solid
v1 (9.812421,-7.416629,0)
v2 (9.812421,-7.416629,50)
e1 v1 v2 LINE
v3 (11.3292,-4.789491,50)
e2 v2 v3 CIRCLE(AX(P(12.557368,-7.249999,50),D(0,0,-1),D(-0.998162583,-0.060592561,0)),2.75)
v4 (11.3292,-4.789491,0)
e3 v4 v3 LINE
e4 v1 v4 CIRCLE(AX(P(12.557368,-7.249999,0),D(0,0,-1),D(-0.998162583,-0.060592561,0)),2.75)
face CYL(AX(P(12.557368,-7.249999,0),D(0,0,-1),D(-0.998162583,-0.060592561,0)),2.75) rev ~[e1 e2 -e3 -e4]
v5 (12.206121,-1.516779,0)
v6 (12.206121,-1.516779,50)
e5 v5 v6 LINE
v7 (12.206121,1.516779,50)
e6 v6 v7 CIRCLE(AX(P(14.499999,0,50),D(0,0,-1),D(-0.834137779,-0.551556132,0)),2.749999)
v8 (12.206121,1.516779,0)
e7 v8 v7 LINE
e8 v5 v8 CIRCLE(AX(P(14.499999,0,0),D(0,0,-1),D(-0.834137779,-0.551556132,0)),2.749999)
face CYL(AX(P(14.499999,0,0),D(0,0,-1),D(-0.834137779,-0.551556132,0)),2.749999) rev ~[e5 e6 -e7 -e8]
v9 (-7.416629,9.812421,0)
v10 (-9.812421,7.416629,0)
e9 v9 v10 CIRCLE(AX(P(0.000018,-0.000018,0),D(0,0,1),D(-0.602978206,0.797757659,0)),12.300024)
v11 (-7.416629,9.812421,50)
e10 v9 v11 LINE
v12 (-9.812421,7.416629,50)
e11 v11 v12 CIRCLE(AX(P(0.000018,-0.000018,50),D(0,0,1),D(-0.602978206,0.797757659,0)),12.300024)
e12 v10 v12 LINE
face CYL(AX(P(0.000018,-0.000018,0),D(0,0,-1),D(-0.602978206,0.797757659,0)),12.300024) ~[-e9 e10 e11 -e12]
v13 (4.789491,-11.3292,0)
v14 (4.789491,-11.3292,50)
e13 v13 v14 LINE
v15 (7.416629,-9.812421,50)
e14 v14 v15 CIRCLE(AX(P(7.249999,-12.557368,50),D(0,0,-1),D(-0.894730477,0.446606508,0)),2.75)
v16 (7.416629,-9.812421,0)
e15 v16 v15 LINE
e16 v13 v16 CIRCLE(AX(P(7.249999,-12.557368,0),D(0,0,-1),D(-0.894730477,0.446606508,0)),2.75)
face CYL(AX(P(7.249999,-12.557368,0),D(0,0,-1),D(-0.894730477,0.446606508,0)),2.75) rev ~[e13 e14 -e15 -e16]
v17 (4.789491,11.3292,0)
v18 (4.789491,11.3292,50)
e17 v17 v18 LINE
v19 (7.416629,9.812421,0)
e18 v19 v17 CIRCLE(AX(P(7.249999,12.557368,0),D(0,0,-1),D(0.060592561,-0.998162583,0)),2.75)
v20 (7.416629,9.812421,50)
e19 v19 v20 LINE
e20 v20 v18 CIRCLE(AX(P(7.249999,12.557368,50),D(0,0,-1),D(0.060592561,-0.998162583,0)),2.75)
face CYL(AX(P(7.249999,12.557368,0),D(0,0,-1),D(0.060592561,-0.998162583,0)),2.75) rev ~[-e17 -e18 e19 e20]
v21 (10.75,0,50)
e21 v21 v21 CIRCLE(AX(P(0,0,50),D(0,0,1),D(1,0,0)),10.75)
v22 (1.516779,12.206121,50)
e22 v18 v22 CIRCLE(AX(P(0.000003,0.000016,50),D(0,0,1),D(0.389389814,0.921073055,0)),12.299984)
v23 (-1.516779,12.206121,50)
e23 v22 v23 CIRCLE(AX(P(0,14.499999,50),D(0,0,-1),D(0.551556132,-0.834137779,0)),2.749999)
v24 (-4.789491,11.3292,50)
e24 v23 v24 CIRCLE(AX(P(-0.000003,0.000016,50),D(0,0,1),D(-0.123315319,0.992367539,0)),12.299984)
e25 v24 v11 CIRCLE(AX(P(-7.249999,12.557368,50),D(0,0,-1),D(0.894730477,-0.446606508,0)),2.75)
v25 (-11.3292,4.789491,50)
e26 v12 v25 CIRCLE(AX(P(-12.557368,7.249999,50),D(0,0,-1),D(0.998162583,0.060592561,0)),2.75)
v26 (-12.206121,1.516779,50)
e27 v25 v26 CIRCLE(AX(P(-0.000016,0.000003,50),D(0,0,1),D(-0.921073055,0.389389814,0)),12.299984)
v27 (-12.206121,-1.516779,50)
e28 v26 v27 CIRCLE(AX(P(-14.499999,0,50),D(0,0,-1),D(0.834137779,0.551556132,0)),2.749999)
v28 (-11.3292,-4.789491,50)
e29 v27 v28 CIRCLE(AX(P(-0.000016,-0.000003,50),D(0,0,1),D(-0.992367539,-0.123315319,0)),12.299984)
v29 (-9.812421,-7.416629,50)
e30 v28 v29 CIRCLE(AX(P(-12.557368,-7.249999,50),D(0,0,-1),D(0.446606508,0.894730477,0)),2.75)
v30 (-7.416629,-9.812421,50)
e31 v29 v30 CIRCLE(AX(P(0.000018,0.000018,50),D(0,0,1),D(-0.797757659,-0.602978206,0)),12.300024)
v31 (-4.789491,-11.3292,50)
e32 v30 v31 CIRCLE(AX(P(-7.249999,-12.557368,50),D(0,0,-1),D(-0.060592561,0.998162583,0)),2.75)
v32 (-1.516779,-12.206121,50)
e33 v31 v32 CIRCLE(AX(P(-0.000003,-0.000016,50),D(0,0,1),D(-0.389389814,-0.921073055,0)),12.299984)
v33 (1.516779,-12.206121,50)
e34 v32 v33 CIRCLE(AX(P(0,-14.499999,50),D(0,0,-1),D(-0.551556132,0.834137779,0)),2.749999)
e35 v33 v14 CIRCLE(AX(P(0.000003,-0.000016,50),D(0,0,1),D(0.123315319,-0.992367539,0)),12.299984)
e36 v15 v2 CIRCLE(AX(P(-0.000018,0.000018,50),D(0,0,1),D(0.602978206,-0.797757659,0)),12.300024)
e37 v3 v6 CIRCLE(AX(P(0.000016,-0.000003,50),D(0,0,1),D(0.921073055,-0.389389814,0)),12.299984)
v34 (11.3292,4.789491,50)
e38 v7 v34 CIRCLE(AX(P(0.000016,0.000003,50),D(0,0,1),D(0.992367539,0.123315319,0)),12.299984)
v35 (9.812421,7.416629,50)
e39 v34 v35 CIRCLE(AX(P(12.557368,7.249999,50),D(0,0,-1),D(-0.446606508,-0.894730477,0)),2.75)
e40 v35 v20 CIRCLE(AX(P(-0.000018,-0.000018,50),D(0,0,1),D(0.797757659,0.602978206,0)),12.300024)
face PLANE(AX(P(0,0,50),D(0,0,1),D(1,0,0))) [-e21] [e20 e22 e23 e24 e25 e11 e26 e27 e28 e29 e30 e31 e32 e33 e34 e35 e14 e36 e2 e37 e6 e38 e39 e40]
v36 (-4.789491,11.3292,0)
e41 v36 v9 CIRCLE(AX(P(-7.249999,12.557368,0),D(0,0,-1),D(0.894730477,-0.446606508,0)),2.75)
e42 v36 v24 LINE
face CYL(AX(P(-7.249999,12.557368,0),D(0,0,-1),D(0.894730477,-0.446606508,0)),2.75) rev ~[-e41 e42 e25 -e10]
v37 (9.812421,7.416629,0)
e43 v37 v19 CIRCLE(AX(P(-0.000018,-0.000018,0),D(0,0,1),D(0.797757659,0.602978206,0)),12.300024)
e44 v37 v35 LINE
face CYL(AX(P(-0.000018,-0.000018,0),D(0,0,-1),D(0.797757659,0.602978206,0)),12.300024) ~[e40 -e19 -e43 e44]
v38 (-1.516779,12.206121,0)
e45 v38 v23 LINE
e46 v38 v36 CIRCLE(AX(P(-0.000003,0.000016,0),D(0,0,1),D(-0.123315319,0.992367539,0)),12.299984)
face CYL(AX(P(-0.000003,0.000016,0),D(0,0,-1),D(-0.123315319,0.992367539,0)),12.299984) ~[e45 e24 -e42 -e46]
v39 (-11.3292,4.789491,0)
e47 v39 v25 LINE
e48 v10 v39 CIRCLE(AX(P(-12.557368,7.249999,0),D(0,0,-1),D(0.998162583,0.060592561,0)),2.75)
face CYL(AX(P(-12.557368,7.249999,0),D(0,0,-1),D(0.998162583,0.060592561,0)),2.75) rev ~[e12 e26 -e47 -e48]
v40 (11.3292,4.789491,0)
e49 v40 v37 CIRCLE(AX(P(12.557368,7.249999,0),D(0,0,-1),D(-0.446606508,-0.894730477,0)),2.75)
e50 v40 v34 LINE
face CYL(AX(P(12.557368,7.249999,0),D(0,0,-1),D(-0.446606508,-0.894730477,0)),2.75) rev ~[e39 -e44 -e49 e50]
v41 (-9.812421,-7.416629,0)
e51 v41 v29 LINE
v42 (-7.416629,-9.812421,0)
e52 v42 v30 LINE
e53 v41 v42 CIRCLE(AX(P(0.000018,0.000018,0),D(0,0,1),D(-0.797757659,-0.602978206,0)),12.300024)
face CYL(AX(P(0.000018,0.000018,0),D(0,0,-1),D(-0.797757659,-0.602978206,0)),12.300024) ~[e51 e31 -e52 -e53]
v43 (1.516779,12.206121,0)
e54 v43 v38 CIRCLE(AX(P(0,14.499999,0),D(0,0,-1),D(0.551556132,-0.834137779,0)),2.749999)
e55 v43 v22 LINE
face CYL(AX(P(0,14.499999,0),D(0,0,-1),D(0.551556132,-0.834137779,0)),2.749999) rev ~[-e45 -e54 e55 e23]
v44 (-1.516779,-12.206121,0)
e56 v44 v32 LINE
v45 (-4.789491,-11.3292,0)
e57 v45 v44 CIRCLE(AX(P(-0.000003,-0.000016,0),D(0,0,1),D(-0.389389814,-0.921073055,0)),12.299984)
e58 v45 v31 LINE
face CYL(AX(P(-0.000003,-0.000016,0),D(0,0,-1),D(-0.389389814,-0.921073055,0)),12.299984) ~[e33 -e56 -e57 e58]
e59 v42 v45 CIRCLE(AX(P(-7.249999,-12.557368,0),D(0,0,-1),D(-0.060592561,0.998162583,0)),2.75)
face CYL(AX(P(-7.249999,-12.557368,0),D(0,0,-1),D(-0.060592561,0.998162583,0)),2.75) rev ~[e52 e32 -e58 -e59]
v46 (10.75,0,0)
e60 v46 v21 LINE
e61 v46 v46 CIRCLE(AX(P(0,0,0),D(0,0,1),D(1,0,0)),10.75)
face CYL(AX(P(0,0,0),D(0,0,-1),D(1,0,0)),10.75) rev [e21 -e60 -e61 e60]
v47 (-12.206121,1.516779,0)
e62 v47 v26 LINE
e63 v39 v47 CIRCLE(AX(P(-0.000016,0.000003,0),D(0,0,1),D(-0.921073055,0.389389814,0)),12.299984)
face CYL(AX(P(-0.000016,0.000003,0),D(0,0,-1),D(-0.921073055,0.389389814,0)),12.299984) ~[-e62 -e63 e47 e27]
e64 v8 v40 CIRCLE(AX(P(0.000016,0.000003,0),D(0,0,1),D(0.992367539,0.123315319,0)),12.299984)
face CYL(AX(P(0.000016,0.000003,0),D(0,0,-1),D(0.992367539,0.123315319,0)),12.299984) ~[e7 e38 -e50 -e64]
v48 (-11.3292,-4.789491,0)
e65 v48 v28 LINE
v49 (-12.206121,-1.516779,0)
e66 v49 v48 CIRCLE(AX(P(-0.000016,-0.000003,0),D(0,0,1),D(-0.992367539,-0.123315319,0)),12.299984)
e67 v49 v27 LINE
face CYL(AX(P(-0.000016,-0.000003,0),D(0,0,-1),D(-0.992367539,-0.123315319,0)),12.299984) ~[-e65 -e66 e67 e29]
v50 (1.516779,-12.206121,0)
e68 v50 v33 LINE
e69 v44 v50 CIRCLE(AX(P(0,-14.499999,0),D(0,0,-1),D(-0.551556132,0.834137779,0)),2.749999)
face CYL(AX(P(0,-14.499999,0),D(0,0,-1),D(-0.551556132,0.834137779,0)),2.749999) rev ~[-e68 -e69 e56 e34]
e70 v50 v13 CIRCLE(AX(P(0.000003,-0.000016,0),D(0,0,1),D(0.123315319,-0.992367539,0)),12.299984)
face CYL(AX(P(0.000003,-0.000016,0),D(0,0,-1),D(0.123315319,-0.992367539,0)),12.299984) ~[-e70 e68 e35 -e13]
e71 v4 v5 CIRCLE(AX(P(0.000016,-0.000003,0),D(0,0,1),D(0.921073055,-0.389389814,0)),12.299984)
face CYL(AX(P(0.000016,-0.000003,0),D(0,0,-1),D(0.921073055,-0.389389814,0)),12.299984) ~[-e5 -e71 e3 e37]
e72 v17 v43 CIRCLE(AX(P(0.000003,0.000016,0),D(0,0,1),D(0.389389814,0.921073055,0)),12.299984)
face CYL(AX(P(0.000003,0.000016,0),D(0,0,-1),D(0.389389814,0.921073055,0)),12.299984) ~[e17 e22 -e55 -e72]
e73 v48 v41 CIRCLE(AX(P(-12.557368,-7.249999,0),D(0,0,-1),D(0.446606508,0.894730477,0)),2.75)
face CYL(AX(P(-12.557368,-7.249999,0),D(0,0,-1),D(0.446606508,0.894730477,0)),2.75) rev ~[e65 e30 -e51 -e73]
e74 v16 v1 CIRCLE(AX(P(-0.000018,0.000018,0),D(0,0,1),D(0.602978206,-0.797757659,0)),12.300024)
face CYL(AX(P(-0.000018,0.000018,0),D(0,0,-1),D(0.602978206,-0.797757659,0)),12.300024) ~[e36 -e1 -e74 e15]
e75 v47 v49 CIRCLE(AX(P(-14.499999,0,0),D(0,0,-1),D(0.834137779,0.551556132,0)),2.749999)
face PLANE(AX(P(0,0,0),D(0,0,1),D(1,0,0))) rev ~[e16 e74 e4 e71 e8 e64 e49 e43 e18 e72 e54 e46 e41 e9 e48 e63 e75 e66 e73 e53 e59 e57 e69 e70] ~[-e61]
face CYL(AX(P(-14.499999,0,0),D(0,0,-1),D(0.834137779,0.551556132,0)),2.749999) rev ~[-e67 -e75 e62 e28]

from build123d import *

# Parameters (mm, degrees)
F0_R     = 10.75
F1_DEPTH = 50


with BuildPart() as f1:
    # F0 (on Top) → F1 (new body)
    with BuildSketch(Plane.XY):
        with BuildLine():
            ThreePointArc((1.516779, 12.206121), (0, 11.75), (-1.516779, 12.206121))
            ThreePointArc((-1.516779, 12.206121), (-3.183474, 11.880888), (-4.789491, 11.3292))
            ThreePointArc((-4.789491, 11.3292), (-5.875, 10.175798), (-7.416629, 9.812421))
            ThreePointArc((-7.416629, 9.812421), (-8.697413, 8.697413), (-9.812421, 7.416629))
            ThreePointArc((-9.812421, 7.416629), (-10.175798, 5.875), (-11.3292, 4.789491))
            ThreePointArc((-11.3292, 4.789491), (-11.880888, 3.183474), (-12.206121, 1.516779))
            ThreePointArc((-12.206121, 1.516779), (-11.75, 0), (-12.206121, -1.516779))
            ThreePointArc((-12.206121, -1.516779), (-11.880888, -3.183474), (-11.3292, -4.789491))
            ThreePointArc((-11.3292, -4.789491), (-10.175798, -5.875), (-9.812421, -7.416629))
            ThreePointArc((-9.812421, -7.416629), (-8.697413, -8.697413), (-7.416629, -9.812421))
            ThreePointArc((-7.416629, -9.812421), (-5.875, -10.175798), (-4.789491, -11.3292))
            ThreePointArc((-4.789491, -11.3292), (-3.183474, -11.880888), (-1.516779, -12.206121))
            ThreePointArc((-1.516779, -12.206121), (0, -11.75), (1.516779, -12.206121))
            ThreePointArc((1.516779, -12.206121), (3.183474, -11.880888), (4.789491, -11.3292))
            ThreePointArc((4.789491, -11.3292), (5.875, -10.175798), (7.416629, -9.812421))
            ThreePointArc((7.416629, -9.812421), (8.697413, -8.697413), (9.812421, -7.416629))
            ThreePointArc((9.812421, -7.416629), (10.175798, -5.875), (11.3292, -4.789491))
            ThreePointArc((11.3292, -4.789491), (11.880888, -3.183474), (12.206121, -1.516779))
            ThreePointArc((12.206121, -1.516779), (11.75, 0), (12.206121, 1.516779))
            ThreePointArc((12.206121, 1.516779), (11.880888, 3.183474), (11.3292, 4.789491))
            ThreePointArc((11.3292, 4.789491), (10.175798, 5.875), (9.812421, 7.416629))
            ThreePointArc((9.812421, 7.416629), (8.697413, 8.697413), (7.416629, 9.812421))
            ThreePointArc((7.416629, 9.812421), (5.875, 10.175798), (4.789491, 11.3292))
            ThreePointArc((4.789491, 11.3292), (3.183474, 11.880888), (1.516779, 12.206121))
        make_face()
        Circle(F0_R, mode=Mode.SUBTRACT)
    extrude(amount=F1_DEPTH)


solid = f1.part
